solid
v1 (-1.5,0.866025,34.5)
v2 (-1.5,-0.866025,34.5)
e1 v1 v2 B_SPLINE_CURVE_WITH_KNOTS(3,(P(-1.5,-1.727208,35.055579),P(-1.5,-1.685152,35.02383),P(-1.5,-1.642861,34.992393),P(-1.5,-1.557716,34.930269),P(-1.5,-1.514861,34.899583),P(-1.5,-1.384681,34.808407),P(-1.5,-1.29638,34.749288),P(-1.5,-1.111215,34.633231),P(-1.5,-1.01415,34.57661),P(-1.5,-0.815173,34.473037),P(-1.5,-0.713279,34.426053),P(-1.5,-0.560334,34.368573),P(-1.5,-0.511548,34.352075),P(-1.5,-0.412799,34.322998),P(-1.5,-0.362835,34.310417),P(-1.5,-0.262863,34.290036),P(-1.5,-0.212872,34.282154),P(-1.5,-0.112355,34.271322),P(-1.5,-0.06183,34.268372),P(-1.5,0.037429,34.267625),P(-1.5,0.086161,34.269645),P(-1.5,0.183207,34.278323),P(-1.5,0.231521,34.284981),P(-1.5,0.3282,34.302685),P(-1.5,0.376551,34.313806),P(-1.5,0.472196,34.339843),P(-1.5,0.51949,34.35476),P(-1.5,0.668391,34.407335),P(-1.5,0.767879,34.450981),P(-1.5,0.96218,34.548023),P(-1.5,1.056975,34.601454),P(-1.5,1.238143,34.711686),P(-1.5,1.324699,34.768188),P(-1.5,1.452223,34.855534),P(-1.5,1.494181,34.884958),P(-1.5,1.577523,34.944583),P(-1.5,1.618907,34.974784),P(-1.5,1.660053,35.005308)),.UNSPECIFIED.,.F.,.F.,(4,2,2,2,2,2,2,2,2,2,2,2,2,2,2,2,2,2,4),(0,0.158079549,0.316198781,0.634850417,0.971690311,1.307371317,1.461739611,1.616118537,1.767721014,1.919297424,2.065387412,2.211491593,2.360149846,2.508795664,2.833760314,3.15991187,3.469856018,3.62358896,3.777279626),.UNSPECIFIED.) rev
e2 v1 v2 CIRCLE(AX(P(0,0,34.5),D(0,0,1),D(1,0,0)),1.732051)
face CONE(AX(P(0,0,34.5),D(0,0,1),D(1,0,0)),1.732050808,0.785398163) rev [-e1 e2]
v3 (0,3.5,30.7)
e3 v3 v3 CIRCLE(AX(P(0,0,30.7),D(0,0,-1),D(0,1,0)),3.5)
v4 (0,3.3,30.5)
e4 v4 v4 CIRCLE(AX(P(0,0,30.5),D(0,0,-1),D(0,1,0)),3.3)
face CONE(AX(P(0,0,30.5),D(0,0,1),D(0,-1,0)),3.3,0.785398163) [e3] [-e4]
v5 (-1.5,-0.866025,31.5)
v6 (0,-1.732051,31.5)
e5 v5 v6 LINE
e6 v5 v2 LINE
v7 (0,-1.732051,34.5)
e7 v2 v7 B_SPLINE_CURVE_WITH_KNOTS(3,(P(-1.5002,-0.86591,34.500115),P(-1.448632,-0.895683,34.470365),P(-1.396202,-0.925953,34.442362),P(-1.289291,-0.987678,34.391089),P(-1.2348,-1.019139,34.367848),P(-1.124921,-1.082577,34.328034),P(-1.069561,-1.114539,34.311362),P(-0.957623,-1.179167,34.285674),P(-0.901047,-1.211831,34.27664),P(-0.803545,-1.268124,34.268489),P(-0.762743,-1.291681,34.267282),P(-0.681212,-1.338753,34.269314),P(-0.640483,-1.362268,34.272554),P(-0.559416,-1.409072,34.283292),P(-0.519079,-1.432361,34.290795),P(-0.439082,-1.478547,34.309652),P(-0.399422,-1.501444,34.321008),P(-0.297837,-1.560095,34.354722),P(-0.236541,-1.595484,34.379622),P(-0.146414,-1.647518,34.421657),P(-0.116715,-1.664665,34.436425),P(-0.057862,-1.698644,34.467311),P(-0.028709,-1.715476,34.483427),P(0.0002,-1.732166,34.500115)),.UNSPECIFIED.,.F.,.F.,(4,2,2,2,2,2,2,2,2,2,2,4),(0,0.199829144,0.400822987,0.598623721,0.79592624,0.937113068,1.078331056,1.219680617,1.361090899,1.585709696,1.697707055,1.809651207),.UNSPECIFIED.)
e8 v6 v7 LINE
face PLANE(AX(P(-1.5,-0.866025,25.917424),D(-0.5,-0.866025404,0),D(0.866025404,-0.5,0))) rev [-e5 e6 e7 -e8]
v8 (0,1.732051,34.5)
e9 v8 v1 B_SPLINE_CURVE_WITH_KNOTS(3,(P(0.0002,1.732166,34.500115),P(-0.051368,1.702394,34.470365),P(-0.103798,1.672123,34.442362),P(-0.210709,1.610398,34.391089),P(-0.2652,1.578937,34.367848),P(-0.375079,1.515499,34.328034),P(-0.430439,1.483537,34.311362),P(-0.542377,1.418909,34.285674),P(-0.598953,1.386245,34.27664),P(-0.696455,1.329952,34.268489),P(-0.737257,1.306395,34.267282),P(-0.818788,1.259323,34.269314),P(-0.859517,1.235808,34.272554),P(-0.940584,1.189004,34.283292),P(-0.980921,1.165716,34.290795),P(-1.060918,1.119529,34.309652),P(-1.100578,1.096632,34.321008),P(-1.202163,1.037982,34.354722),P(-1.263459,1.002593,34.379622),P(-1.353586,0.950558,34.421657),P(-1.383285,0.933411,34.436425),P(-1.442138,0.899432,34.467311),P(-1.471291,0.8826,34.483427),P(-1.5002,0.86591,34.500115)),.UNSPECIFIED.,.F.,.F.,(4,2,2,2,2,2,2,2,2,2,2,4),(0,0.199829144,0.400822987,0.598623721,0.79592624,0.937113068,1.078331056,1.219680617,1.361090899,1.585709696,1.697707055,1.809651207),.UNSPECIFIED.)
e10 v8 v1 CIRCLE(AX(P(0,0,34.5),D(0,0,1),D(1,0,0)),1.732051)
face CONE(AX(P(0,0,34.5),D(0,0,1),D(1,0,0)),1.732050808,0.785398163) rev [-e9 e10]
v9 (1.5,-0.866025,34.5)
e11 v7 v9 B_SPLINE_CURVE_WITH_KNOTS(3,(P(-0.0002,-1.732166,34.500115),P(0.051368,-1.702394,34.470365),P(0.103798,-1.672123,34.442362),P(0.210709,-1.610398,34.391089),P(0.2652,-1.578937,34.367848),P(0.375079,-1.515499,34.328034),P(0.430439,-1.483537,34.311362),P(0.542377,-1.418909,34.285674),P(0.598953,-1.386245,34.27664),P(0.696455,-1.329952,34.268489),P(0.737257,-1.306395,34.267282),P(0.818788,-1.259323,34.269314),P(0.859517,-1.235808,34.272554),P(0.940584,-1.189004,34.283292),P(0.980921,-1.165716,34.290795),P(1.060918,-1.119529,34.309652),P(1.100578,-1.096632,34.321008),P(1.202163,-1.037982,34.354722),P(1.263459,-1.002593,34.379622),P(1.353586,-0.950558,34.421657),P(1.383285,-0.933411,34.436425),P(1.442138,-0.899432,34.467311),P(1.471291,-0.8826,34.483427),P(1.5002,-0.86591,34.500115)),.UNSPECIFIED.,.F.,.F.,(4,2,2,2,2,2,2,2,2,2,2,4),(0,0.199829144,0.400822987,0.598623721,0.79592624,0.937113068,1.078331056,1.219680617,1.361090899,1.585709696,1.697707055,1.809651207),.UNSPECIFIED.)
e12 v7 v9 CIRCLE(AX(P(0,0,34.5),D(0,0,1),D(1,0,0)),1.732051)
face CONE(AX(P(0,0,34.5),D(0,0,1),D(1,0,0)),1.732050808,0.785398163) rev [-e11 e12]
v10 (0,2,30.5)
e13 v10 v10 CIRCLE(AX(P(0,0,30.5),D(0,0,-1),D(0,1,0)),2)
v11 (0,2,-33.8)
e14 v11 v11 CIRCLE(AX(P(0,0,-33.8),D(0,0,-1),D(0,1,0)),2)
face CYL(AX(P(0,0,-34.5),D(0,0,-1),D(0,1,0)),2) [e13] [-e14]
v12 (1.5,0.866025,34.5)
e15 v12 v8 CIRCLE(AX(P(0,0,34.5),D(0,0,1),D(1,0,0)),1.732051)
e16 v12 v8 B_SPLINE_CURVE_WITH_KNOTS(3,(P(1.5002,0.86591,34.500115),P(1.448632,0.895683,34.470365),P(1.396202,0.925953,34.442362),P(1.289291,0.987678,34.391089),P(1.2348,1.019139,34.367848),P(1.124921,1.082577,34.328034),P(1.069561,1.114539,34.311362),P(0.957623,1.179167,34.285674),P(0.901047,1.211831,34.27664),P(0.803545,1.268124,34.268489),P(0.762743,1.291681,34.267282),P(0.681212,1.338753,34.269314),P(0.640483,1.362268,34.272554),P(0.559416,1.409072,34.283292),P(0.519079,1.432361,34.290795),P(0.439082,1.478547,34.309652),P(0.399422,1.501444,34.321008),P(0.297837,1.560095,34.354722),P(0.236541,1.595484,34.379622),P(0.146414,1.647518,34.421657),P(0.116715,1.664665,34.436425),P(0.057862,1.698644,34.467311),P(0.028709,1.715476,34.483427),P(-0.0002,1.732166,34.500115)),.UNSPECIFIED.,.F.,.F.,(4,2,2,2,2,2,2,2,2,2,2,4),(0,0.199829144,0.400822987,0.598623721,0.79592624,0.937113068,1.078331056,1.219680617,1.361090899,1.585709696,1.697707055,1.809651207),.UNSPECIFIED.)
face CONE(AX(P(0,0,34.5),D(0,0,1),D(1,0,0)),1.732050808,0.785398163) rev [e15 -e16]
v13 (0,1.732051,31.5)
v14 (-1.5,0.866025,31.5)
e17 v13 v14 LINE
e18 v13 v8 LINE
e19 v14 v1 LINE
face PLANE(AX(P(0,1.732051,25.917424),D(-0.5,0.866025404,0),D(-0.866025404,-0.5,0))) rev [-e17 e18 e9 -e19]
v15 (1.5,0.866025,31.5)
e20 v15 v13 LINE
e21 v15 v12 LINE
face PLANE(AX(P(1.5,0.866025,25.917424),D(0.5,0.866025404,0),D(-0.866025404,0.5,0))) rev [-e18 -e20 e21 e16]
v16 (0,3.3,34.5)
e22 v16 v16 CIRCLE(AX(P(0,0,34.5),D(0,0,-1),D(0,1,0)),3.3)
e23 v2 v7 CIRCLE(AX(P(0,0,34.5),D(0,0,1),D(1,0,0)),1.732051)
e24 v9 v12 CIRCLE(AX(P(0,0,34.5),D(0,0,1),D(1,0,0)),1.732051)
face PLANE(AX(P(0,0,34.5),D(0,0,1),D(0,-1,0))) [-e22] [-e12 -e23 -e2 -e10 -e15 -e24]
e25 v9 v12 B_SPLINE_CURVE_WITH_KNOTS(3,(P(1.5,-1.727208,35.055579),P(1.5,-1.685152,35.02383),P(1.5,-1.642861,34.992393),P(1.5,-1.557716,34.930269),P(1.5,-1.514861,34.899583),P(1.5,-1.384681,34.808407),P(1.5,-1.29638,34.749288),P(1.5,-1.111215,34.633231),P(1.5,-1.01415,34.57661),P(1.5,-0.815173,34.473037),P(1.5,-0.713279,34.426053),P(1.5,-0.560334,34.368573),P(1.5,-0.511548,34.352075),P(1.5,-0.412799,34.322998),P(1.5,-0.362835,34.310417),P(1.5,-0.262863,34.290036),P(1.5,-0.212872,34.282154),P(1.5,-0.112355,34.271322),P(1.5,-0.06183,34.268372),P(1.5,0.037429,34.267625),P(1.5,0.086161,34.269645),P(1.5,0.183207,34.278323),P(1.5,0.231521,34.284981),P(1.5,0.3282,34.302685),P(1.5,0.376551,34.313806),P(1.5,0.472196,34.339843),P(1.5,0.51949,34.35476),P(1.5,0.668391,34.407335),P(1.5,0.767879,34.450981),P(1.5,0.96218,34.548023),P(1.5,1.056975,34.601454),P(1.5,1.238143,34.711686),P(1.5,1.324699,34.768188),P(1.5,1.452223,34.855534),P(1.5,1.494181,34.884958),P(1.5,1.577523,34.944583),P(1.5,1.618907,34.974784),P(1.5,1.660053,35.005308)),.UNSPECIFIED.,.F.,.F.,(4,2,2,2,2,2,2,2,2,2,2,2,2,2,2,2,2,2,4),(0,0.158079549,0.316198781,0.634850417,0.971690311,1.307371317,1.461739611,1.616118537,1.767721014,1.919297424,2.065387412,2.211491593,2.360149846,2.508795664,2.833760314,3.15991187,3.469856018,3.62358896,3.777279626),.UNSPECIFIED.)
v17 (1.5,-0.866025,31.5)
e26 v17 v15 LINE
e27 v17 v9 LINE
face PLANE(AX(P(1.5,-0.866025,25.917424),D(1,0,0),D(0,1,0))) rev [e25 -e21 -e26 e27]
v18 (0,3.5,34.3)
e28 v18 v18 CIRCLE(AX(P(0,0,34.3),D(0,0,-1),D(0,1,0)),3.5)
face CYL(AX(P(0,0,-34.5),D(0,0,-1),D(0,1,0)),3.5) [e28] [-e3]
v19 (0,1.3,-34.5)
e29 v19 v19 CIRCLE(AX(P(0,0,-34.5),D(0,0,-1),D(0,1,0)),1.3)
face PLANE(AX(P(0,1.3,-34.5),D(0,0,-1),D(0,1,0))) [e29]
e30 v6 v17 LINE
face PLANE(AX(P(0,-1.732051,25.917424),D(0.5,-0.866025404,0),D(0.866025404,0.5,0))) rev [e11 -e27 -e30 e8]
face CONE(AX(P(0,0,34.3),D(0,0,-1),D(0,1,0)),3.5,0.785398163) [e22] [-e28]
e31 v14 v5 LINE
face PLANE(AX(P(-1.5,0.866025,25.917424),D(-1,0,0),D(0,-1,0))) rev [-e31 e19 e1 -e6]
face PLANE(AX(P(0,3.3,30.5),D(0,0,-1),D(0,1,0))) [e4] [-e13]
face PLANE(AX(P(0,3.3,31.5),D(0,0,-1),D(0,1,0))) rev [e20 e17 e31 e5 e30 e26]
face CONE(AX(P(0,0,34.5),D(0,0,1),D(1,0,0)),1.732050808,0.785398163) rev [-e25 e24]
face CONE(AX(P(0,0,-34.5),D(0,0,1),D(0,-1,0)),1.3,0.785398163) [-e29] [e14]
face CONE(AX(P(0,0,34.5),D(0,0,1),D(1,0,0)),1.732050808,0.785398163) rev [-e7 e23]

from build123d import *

# Parameters (mm, degrees)
CUT_EXTRUDE1_DEPTH = 3
SKETCH4_R          = 1.732050808
CUT_EXTRUDE2_DEPTH = 3
CUT_EXTRUDE2_DRAFT = -45


with BuildPart() as part:
    # Sketch2 → Revolve1 (revolve)
    with BuildSketch(Plane(origin=(0, 0, 0), x_dir=(0, 0, -1), z_dir=(1, 0, 0))):
        Polygon((-34.5, 0), (-34.5, 3.3), (-34.3, 3.5), (-30.7, 3.5), (-30.5, 3.3), (-30.5, 2), (33.8, 2), (34.5, 1.3), (34.5, 0), align=None)
    revolve(axis=Axis((0, 0, -34.5), (0, 0, 1)))

    # Sketch3 → Cut-Extrude1 (cut)
    with BuildSketch(Plane.XY.offset(34.5)):
        Polygon((1.5, -0.866025404), (1.5, 0.866025404), (0, 1.732050808), (-1.5, 0.866025404), (-1.5, -0.866025404), (0, -1.732050808), align=None)
    extrude(amount=-CUT_EXTRUDE1_DEPTH, mode=Mode.SUBTRACT)


with BuildPart() as cut_extrude2_tool:
    # Sketch4 → Cut-Extrude2 (with draft: the straight prism first)
    with BuildSketch(Plane.XY.offset(34.5)):
        Circle(SKETCH4_R)
    extrude(amount=-CUT_EXTRUDE2_DEPTH)
    # Cut-Extrude2: the draft: its side faces are tilted about the plane it starts from
    cut_extrude2_sides = [cut_extrude2_tool.faces().sort_by_distance(p)[0] for p in [
        (-1.732050808, 0, 33),
    ]]
    draft(cut_extrude2_sides, Plane.XY.offset(34.5), CUT_EXTRUDE2_DRAFT)


with BuildPart() as part_1:
    add(part.part)

    # Cut-Extrude2: cut by cut_extrude2_tool
    add(cut_extrude2_tool.part, mode=Mode.SUBTRACT)


solid = part_1.part
